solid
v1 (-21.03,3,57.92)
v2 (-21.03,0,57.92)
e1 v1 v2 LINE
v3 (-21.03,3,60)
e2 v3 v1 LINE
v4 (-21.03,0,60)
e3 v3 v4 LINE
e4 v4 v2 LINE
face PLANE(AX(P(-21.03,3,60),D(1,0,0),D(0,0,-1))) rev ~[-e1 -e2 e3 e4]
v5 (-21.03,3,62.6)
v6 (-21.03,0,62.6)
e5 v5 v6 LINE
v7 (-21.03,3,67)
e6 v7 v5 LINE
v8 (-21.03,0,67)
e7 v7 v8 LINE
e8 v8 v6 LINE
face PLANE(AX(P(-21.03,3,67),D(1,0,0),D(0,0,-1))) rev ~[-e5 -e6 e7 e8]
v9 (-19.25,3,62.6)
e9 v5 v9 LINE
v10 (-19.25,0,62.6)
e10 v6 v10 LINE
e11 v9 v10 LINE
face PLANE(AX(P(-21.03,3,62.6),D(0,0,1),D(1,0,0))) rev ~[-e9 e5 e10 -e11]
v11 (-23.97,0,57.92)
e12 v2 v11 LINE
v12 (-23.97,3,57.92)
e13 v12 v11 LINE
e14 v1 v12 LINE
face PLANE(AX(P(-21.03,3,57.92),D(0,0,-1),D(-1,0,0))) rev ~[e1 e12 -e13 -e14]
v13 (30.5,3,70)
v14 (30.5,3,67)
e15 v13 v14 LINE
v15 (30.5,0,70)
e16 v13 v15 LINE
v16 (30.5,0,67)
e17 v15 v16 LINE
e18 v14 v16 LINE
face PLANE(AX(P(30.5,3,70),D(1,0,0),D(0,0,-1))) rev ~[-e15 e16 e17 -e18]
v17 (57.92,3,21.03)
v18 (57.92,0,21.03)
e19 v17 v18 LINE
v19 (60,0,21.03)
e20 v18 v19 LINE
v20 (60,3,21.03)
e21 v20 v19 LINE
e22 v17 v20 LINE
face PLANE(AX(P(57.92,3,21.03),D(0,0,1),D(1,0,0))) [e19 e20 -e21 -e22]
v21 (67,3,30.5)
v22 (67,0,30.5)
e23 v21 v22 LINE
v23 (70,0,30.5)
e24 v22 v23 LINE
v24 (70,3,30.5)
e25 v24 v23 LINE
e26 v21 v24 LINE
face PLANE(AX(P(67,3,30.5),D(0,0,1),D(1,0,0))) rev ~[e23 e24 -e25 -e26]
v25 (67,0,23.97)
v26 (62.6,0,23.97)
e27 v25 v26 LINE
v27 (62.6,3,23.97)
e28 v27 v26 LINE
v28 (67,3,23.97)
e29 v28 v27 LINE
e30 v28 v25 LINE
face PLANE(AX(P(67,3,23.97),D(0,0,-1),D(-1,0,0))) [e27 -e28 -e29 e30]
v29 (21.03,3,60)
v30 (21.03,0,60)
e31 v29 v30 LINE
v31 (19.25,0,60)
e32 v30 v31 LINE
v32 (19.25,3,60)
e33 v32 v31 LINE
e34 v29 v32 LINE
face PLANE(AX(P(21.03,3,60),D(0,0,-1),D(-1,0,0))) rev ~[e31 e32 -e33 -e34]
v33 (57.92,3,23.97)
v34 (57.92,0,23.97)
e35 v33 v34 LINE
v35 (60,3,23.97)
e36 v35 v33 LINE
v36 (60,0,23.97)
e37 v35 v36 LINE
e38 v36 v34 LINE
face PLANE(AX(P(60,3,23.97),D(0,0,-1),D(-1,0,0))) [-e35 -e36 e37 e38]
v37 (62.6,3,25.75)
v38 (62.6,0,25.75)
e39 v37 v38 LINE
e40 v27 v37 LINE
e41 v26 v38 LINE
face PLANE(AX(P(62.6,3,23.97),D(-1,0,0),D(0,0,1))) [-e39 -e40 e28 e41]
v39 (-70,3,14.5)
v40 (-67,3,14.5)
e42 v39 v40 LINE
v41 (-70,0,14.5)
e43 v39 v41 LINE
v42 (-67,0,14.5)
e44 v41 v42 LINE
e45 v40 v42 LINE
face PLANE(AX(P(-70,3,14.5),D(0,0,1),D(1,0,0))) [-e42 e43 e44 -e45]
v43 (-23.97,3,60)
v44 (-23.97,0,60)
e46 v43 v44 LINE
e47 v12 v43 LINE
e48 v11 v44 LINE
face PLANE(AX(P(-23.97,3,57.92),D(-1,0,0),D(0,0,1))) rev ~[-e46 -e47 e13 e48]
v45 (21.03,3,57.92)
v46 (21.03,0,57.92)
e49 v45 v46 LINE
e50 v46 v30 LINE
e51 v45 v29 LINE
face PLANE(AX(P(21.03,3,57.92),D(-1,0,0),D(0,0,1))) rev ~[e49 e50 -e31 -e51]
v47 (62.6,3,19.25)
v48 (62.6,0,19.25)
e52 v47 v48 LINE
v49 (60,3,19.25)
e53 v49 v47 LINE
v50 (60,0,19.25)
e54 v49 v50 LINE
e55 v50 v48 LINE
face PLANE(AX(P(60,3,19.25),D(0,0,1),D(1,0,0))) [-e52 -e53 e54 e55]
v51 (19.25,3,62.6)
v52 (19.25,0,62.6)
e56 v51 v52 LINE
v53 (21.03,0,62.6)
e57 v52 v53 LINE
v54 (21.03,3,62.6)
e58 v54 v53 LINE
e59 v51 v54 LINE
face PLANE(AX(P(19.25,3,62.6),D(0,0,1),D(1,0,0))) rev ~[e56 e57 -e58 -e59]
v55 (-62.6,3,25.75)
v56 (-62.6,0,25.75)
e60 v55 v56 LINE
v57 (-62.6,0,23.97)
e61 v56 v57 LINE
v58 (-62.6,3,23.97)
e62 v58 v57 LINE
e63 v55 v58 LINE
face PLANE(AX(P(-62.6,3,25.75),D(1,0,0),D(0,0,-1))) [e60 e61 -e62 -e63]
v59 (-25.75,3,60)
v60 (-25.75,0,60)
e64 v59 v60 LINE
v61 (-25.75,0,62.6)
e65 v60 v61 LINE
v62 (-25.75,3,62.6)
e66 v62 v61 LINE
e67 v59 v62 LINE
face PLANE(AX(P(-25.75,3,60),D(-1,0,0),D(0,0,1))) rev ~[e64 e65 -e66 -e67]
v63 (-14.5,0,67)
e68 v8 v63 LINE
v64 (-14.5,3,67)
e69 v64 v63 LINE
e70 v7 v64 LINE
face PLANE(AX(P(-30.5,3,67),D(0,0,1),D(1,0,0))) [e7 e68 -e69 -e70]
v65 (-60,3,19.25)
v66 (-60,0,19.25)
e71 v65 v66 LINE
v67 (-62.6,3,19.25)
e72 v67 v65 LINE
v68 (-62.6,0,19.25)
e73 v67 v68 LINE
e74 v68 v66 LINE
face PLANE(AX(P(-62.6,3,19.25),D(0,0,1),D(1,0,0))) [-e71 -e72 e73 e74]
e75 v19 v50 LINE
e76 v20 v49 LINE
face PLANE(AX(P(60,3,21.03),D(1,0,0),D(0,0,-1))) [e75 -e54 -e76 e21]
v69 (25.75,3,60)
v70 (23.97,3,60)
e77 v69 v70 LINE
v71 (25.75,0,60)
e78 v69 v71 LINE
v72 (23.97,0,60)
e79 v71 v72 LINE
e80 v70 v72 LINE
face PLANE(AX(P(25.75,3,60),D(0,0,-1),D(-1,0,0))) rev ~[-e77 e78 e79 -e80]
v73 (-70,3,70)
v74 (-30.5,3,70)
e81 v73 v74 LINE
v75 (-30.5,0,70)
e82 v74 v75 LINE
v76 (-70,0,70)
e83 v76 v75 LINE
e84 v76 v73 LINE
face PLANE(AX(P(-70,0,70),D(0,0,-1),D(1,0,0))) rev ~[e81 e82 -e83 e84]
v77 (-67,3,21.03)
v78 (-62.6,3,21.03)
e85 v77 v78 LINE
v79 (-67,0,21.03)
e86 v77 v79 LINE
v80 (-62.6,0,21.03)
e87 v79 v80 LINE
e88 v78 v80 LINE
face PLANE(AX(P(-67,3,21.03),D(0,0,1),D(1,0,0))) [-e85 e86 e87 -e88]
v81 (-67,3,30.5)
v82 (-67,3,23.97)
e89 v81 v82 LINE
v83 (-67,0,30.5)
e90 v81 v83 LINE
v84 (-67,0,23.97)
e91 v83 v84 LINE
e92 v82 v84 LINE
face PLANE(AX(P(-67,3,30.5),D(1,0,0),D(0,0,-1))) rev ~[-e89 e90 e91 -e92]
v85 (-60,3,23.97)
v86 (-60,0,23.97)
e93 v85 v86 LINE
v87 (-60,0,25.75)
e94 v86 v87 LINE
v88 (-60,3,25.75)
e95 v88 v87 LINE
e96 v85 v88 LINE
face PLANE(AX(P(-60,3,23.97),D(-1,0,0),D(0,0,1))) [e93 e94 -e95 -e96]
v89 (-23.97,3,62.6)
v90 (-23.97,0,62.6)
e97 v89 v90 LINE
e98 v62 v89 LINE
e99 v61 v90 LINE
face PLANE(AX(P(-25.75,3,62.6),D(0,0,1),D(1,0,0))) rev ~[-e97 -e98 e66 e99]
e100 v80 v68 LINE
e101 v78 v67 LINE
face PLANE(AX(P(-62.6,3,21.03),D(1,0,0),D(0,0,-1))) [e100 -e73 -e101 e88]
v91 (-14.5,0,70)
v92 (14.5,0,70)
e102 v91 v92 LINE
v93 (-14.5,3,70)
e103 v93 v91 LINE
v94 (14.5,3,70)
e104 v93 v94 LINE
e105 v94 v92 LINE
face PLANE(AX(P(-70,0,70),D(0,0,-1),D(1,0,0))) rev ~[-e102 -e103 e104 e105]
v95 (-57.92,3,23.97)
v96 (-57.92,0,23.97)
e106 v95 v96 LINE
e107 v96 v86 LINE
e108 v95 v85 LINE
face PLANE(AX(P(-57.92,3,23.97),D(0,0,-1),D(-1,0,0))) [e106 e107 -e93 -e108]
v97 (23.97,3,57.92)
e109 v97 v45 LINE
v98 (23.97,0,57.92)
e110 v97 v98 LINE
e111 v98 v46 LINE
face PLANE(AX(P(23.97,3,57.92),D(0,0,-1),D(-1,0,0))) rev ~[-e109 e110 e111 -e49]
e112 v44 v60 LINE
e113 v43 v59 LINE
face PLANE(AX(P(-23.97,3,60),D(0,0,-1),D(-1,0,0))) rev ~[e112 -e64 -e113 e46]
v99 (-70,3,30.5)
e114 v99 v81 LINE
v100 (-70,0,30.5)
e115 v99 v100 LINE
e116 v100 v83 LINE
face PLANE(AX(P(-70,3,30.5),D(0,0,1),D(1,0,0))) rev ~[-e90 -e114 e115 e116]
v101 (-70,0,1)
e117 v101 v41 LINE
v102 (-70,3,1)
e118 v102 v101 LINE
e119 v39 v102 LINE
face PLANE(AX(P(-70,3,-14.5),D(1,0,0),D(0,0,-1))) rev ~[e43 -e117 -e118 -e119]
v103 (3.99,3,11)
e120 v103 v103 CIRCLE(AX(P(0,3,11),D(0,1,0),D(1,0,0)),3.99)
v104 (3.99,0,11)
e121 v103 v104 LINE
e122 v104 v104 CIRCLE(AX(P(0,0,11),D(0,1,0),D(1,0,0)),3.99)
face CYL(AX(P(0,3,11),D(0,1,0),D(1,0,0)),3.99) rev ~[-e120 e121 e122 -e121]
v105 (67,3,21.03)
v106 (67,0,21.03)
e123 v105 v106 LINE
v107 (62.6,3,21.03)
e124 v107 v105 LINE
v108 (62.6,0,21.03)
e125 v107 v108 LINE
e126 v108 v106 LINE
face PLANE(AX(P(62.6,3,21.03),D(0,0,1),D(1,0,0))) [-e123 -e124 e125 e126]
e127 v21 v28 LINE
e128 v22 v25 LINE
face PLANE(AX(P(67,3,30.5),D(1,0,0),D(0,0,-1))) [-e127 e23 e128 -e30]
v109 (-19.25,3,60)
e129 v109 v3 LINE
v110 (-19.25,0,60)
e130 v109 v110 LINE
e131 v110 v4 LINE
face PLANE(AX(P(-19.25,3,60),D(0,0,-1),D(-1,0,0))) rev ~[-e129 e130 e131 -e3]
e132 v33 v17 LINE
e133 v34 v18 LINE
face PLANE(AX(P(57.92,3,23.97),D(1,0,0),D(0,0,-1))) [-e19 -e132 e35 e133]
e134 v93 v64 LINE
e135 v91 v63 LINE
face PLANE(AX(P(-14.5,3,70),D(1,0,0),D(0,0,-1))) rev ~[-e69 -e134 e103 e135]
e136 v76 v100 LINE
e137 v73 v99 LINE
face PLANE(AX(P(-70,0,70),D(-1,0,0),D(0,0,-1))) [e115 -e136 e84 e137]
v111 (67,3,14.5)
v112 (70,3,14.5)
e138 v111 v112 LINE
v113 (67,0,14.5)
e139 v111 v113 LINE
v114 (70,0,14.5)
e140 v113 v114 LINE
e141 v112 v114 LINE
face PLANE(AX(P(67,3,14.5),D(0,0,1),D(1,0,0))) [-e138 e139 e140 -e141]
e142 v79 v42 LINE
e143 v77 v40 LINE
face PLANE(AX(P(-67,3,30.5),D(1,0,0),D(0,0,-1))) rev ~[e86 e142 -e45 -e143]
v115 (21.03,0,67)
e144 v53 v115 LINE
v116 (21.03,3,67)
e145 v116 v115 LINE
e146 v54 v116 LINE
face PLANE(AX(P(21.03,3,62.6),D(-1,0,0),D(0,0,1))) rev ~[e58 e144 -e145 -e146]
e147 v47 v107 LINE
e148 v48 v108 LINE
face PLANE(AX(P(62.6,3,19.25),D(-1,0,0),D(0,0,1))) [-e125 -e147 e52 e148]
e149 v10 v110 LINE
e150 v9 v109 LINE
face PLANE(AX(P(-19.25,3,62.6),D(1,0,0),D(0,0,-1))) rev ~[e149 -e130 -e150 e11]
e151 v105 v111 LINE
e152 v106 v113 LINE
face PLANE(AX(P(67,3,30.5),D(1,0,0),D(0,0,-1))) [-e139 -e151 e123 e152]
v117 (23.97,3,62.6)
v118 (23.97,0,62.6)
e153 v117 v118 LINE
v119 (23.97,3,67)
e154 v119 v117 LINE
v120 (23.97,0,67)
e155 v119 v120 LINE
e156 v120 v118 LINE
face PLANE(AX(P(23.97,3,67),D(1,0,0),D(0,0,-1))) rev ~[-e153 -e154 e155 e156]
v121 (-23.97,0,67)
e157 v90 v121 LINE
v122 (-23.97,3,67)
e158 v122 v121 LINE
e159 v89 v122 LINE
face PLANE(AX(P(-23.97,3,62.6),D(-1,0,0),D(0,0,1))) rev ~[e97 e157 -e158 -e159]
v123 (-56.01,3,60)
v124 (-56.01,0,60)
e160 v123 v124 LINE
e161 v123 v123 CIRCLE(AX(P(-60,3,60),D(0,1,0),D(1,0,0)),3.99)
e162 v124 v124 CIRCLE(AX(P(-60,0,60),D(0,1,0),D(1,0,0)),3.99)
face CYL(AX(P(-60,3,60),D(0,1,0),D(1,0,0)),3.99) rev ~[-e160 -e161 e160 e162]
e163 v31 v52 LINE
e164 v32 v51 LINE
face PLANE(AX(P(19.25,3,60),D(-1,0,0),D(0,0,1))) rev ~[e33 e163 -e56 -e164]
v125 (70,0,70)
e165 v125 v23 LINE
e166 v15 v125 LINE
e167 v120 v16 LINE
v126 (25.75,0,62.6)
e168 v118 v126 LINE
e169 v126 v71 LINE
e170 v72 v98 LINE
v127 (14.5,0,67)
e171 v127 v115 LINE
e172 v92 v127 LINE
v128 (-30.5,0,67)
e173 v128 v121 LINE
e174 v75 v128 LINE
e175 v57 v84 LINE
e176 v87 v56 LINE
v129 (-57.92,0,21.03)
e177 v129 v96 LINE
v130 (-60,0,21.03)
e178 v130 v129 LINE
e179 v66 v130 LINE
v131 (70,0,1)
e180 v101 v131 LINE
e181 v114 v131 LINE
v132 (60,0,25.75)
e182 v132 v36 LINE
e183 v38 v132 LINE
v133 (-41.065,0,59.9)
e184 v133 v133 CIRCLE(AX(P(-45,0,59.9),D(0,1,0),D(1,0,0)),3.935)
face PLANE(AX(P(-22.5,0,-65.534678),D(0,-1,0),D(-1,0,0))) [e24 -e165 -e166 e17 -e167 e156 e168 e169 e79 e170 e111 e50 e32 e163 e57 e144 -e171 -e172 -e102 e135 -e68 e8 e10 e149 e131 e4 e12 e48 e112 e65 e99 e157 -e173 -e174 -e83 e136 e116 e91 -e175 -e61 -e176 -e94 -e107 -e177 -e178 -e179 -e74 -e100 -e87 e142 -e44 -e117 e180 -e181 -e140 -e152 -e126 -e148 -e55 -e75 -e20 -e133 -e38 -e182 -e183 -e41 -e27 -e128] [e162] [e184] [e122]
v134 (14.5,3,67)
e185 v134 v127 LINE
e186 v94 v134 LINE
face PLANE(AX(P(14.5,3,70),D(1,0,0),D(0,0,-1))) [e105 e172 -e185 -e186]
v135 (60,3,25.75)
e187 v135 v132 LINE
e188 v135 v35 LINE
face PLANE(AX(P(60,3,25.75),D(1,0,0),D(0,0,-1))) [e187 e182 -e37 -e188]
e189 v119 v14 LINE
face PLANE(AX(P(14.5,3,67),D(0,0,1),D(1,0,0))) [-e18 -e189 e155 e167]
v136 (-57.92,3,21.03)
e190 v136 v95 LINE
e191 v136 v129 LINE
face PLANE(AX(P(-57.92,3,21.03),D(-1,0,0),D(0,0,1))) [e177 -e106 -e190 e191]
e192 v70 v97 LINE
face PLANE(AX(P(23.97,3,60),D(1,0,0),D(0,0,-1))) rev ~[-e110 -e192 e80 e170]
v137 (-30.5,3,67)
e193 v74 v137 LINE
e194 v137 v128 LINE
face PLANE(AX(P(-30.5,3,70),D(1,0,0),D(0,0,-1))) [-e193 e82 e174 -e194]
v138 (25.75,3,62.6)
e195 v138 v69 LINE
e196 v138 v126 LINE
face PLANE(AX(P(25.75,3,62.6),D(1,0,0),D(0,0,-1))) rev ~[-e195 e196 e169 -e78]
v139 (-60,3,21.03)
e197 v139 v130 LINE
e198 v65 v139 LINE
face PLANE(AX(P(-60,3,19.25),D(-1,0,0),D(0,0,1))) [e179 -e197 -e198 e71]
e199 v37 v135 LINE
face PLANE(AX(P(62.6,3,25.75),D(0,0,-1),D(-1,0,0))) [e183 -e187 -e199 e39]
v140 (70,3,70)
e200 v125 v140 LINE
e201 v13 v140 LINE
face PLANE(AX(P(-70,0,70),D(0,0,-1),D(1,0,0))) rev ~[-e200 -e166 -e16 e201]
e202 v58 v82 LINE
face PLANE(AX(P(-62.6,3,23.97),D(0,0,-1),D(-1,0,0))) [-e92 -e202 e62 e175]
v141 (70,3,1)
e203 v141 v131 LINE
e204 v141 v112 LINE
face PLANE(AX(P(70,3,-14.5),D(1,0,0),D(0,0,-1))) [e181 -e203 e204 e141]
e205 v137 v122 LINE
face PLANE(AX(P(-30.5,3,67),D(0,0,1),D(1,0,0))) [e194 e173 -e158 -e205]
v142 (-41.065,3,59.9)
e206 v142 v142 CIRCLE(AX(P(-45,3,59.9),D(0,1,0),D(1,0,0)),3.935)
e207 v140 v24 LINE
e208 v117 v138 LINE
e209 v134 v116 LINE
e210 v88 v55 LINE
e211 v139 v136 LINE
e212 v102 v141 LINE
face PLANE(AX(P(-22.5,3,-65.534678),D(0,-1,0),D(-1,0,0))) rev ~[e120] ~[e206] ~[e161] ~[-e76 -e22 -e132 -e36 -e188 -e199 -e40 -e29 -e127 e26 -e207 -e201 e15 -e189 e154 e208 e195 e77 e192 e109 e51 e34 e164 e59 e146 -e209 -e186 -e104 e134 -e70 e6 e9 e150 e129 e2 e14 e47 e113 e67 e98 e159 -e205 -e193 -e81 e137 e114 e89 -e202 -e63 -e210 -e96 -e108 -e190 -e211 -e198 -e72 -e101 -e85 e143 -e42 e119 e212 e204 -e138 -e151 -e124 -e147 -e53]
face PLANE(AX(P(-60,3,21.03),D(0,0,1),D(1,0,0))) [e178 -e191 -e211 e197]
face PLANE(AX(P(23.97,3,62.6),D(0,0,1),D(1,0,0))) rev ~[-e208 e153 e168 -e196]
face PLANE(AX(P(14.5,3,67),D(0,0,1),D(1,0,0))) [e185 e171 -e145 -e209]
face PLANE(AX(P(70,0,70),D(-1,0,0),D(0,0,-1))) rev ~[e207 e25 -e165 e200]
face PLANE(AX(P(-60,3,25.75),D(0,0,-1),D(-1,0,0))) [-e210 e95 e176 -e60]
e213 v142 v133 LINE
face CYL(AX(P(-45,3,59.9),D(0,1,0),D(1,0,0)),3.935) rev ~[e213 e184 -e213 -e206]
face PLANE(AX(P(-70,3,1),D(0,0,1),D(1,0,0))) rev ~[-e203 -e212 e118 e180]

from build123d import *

# Parameters (mm, degrees)
SKETCH1_W           = 140
SKETCH1_H           = 140
BOSS_EXTRUDE1_DEPTH = 3
SKETCH2_W           = 16
SKETCH2_H           = 3
SKETCH2_W_2         = 3
SKETCH2_H_2         = 16
CUT_EXTRUDE1_DEPTH  = 3
SKETCH3_W           = 3
SKETCH3_H           = 10
CUT_EXTRUDE2_DEPTH  = 10
SKETCH4_W           = 3
SKETCH4_H           = 10
CUT_EXTRUDE3_DEPTH  = 3
CUT_EXTRUDE4_DEPTH  = 3
CUT_EXTRUDE5_DEPTH  = 3
BOSS_EXTRUDE4_DEPTH = 3
BOSS_EXTRUDE5_DEPTH = 3
SKETCH12_W          = 3
SKETCH12_H          = 3
BOSS_EXTRUDE6_DEPTH = 3
SKETCH13_W          = 3
SKETCH13_H          = 3
BOSS_EXTRUDE7_DEPTH = 3
BOSS_EXTRUDE8_DEPTH = 3
SKETCH15_W          = 140
SKETCH15_H          = 1
CUT_EXTRUDE6_DEPTH  = 3
SKETCH16_W          = 140
SKETCH16_H          = 70
CUT_EXTRUDE8_DEPTH  = 3
SKETCH17_R          = 3.99
CUT_EXTRUDE11_DEPTH = 3
SKETCH18_R          = 3.935
CUT_EXTRUDE12_DEPTH = 3


with BuildPart() as part:
    # Sketch1 → Boss-Extrude1 (new body)
    with BuildSketch(Plane(origin=(0, 0, 0), x_dir=(1, 0, 0), z_dir=(0, 1, 0))):
        Rectangle(SKETCH1_W, SKETCH1_H)
    extrude(amount=BOSS_EXTRUDE1_DEPTH)

    # Sketch2 → Cut-Extrude1 (cut)
    with BuildSketch(Plane(origin=(0, 3, 0), x_dir=(1, 0, 0), z_dir=(0, 1, 0))):
        with Locations((-22.5, 68.5)):
            Rectangle(SKETCH2_W, SKETCH2_H)
        with Locations((-22.5, -68.5)):
            Rectangle(SKETCH2_W, SKETCH2_H)
        with Locations((22.5, -68.5)):
            Rectangle(SKETCH2_W, SKETCH2_H)
        with Locations((22.5, 68.5)):
            Rectangle(SKETCH2_W, SKETCH2_H)
        with Locations((-68.5, 22.5)):
            Rectangle(SKETCH2_W_2, SKETCH2_H_2)
        with Locations((-68.5, -22.5)):
            Rectangle(SKETCH2_W_2, SKETCH2_H_2)
        with Locations((68.5, -22.5)):
            Rectangle(SKETCH2_W_2, SKETCH2_H_2)
        with Locations((68.5, 22.5)):
            Rectangle(SKETCH2_W_2, SKETCH2_H_2)
    extrude(amount=-CUT_EXTRUDE1_DEPTH, mode=Mode.SUBTRACT)

    # Sketch3 → Cut-Extrude2 (cut)
    with BuildSketch(Plane(origin=(0, 3, 0), x_dir=(1, 0, 0), z_dir=(0, 1, 0))):
        with Locations((-68.5, 65)):
            Rectangle(SKETCH3_W, SKETCH3_H)
    extrude(amount=-CUT_EXTRUDE2_DEPTH, mode=Mode.SUBTRACT)

    # Sketch4 → Cut-Extrude3 (cut)
    with BuildSketch(Plane(origin=(0, 3, 0), x_dir=(1, 0, 0), z_dir=(0, 1, 0))):
        with Locations((68.5, 65)):
            Rectangle(SKETCH4_W, SKETCH4_H)
    extrude(amount=-CUT_EXTRUDE3_DEPTH, mode=Mode.SUBTRACT)

    # Sketch5 → Cut-Extrude4 (cut)
    with BuildSketch(Plane(origin=(0, 3, 0), x_dir=(1, 0, 0), z_dir=(0, 1, 0))):
        Polygon((-21.03, 67), (-23.97, 67), (-23.97, 62.6), (-25.75, 62.6), (-25.75, 60), (-23.97, 60), (-23.97, 57.92), (-21.03, 57.92), (-21.03, 60), (-19.25, 60), (-19.25, 62.6), (-21.03, 62.6), align=None)
        Polygon((-21.03, -67), (-21.03, -62.6), (-19.25, -62.6), (-19.25, -60), (-21.03, -60), (-21.03, -57.92), (-23.97, -57.92), (-23.97, -60), (-25.75, -60), (-25.75, -62.6), (-23.97, -62.6), (-23.97, -67), align=None)
        Polygon((21.03, 67), (21.03, 62.6), (19.25, 62.6), (19.25, 60), (21.03, 60), (21.03, 57.92), (23.97, 57.92), (23.97, 60), (25.75, 60), (25.75, 62.6), (23.97, 62.6), (23.97, 67), align=None)
        Polygon((21.03, -67), (23.97, -67), (23.97, -62.6), (25.75, -62.6), (25.75, -60), (23.97, -60), (23.97, -57.92), (21.03, -57.92), (21.03, -60), (19.25, -60), (19.25, -62.6), (21.03, -62.6), align=None)
    extrude(amount=-CUT_EXTRUDE4_DEPTH, mode=Mode.SUBTRACT)

    # Sketch6 → Cut-Extrude5 (cut)
    with BuildSketch(Plane(origin=(0, 3, 0), x_dir=(1, 0, 0), z_dir=(0, 1, 0))):
        Polygon((67, -21.03), (67, -23.97), (62.6, -23.97), (62.6, -25.75), (60, -25.75), (60, -23.97), (57.92, -23.97), (57.92, -21.03), (60, -21.03), (60, -19.25), (62.6, -19.25), (62.6, -21.03), align=None)
        Polygon((67, 21.03), (62.6, 21.03), (62.6, 19.25), (60, 19.25), (60, 21.03), (57.92, 21.03), (57.92, 23.97), (60, 23.97), (60, 25.75), (62.6, 25.75), (62.6, 23.97), (67, 23.97), align=None)
        Polygon((-67, -21.03), (-62.6, -21.03), (-62.6, -19.25), (-60, -19.25), (-60, -21.03), (-57.92, -21.03), (-57.92, -23.97), (-60, -23.97), (-60, -25.75), (-62.6, -25.75), (-62.6, -23.97), (-67, -23.97), align=None)
        Polygon((-67, 21.03), (-67, 23.97), (-62.6, 23.97), (-62.6, 25.75), (-60, 25.75), (-60, 23.97), (-57.92, 23.97), (-57.92, 21.03), (-60, 21.03), (-60, 19.25), (-62.6, 19.25), (-62.6, 21.03), align=None)
    extrude(amount=-CUT_EXTRUDE5_DEPTH, mode=Mode.SUBTRACT)

    # Sketch8 → Boss-Extrude4 (add)
    with BuildSketch(Plane(origin=(0, 3, 0), x_dir=(1, 0, 0), z_dir=(0, 1, 0))):
        Polygon((-70, 30.5), (-67, 30.5), (-67, 23.97), (-62.6, 23.97), (-62.6, 25.75), (-60, 25.75), (-60, 23.97), (-57.92, 23.97), (-57.92, 21.03), (-60, 21.03), (-60, 19.25), (-62.6, 19.25), (-62.6, 21.03), (-67, 21.03), (-67, 14.5), (-70, 14.5), align=None)
    extrude(amount=-BOSS_EXTRUDE4_DEPTH)

    # Sketch10 → Boss-Extrude5 (add)
    with BuildSketch(Plane(origin=(0, 3, 0), x_dir=(1, 0, 0), z_dir=(0, 1, 0))):
        Polygon((70, 30.5), (67, 30.5), (67, 23.97), (62.6, 23.97), (62.6, 25.75), (60, 25.75), (60, 23.97), (57.92, 23.97), (57.92, 21.03), (60, 21.03), (60, 19.25), (62.6, 19.25), (62.6, 21.03), (67, 21.03), (67, 14.5), (70, 14.5), align=None)
    extrude(amount=-BOSS_EXTRUDE5_DEPTH)

    # Sketch12 → Boss-Extrude6 (add)
    with BuildSketch(Plane(origin=(0, 3, 0), x_dir=(1, 0, 0), z_dir=(0, 1, 0))):
        with Locations((-68.5, 68.5)):
            Rectangle(SKETCH12_W, SKETCH12_H)
    extrude(amount=-BOSS_EXTRUDE6_DEPTH)

    # Sketch13 → Boss-Extrude7 (add)
    with BuildSketch(Plane(origin=(0, 3, 0), x_dir=(1, 0, 0), z_dir=(0, 1, 0))):
        with Locations((68.5, 68.5)):
            Rectangle(SKETCH13_W, SKETCH13_H)
    extrude(amount=-BOSS_EXTRUDE7_DEPTH)

    # Sketch14 → Boss-Extrude8 (add)
    with BuildSketch(Plane(origin=(0, 3, 0), x_dir=(1, 0, 0), z_dir=(0, 1, 0))):
        Polygon((-30.5, 70), (-14.5, 70), (-14.5, 67), (-21.03, 67), (-21.03, 62.6), (-19.25, 62.6), (-19.25, 60), (-21.03, 60), (-21.03, 57.92), (-23.97, 57.92), (-23.97, 60), (-25.75, 60), (-25.75, 62.6), (-23.97, 62.6), (-23.97, 67), (-30.5, 67), align=None)
        Polygon((14.5, 70), (30.5, 70), (30.5, 67), (23.97, 67), (23.97, 62.6), (25.75, 62.6), (25.75, 60), (23.97, 60), (23.97, 57.92), (21.03, 57.92), (21.03, 60), (19.25, 60), (19.25, 62.6), (21.03, 62.6), (21.03, 67), (14.5, 67), align=None)
    extrude(amount=-BOSS_EXTRUDE8_DEPTH)

    # Sketch15 → Cut-Extrude6 (cut)
    with BuildSketch(Plane(origin=(0, 3, 0), x_dir=(1, 0, 0), z_dir=(0, 1, 0))):
        with Locations((0, -0.5)):
            Rectangle(SKETCH15_W, SKETCH15_H)
    extrude(amount=-CUT_EXTRUDE6_DEPTH, mode=Mode.SUBTRACT)

    # Sketch16 → Cut-Extrude8 (cut)
    with BuildSketch(Plane(origin=(0, 3, 0), x_dir=(1, 0, 0), z_dir=(0, 1, 0))):
        with Locations((0, 35)):
            Rectangle(SKETCH16_W, SKETCH16_H)
    extrude(amount=-CUT_EXTRUDE8_DEPTH, mode=Mode.SUBTRACT)

    # Sketch17 → Cut-Extrude11 (cut)
    with BuildSketch(Plane(origin=(0, 3, 0), x_dir=(1, 0, 0), z_dir=(0, 1, 0))):
        with Locations((0, -11)):
            Circle(SKETCH17_R)
        with Locations((-60, -60)):
            Circle(SKETCH17_R)
    extrude(amount=-CUT_EXTRUDE11_DEPTH, mode=Mode.SUBTRACT)

    # Sketch18 → Cut-Extrude12 (cut)
    with BuildSketch(Plane(origin=(0, 3, 0), x_dir=(1, 0, 0), z_dir=(0, 1, 0))):
        with Locations((-45, -59.9)):
            Circle(SKETCH18_R)
    extrude(amount=-CUT_EXTRUDE12_DEPTH, mode=Mode.SUBTRACT)


solid = part.part
